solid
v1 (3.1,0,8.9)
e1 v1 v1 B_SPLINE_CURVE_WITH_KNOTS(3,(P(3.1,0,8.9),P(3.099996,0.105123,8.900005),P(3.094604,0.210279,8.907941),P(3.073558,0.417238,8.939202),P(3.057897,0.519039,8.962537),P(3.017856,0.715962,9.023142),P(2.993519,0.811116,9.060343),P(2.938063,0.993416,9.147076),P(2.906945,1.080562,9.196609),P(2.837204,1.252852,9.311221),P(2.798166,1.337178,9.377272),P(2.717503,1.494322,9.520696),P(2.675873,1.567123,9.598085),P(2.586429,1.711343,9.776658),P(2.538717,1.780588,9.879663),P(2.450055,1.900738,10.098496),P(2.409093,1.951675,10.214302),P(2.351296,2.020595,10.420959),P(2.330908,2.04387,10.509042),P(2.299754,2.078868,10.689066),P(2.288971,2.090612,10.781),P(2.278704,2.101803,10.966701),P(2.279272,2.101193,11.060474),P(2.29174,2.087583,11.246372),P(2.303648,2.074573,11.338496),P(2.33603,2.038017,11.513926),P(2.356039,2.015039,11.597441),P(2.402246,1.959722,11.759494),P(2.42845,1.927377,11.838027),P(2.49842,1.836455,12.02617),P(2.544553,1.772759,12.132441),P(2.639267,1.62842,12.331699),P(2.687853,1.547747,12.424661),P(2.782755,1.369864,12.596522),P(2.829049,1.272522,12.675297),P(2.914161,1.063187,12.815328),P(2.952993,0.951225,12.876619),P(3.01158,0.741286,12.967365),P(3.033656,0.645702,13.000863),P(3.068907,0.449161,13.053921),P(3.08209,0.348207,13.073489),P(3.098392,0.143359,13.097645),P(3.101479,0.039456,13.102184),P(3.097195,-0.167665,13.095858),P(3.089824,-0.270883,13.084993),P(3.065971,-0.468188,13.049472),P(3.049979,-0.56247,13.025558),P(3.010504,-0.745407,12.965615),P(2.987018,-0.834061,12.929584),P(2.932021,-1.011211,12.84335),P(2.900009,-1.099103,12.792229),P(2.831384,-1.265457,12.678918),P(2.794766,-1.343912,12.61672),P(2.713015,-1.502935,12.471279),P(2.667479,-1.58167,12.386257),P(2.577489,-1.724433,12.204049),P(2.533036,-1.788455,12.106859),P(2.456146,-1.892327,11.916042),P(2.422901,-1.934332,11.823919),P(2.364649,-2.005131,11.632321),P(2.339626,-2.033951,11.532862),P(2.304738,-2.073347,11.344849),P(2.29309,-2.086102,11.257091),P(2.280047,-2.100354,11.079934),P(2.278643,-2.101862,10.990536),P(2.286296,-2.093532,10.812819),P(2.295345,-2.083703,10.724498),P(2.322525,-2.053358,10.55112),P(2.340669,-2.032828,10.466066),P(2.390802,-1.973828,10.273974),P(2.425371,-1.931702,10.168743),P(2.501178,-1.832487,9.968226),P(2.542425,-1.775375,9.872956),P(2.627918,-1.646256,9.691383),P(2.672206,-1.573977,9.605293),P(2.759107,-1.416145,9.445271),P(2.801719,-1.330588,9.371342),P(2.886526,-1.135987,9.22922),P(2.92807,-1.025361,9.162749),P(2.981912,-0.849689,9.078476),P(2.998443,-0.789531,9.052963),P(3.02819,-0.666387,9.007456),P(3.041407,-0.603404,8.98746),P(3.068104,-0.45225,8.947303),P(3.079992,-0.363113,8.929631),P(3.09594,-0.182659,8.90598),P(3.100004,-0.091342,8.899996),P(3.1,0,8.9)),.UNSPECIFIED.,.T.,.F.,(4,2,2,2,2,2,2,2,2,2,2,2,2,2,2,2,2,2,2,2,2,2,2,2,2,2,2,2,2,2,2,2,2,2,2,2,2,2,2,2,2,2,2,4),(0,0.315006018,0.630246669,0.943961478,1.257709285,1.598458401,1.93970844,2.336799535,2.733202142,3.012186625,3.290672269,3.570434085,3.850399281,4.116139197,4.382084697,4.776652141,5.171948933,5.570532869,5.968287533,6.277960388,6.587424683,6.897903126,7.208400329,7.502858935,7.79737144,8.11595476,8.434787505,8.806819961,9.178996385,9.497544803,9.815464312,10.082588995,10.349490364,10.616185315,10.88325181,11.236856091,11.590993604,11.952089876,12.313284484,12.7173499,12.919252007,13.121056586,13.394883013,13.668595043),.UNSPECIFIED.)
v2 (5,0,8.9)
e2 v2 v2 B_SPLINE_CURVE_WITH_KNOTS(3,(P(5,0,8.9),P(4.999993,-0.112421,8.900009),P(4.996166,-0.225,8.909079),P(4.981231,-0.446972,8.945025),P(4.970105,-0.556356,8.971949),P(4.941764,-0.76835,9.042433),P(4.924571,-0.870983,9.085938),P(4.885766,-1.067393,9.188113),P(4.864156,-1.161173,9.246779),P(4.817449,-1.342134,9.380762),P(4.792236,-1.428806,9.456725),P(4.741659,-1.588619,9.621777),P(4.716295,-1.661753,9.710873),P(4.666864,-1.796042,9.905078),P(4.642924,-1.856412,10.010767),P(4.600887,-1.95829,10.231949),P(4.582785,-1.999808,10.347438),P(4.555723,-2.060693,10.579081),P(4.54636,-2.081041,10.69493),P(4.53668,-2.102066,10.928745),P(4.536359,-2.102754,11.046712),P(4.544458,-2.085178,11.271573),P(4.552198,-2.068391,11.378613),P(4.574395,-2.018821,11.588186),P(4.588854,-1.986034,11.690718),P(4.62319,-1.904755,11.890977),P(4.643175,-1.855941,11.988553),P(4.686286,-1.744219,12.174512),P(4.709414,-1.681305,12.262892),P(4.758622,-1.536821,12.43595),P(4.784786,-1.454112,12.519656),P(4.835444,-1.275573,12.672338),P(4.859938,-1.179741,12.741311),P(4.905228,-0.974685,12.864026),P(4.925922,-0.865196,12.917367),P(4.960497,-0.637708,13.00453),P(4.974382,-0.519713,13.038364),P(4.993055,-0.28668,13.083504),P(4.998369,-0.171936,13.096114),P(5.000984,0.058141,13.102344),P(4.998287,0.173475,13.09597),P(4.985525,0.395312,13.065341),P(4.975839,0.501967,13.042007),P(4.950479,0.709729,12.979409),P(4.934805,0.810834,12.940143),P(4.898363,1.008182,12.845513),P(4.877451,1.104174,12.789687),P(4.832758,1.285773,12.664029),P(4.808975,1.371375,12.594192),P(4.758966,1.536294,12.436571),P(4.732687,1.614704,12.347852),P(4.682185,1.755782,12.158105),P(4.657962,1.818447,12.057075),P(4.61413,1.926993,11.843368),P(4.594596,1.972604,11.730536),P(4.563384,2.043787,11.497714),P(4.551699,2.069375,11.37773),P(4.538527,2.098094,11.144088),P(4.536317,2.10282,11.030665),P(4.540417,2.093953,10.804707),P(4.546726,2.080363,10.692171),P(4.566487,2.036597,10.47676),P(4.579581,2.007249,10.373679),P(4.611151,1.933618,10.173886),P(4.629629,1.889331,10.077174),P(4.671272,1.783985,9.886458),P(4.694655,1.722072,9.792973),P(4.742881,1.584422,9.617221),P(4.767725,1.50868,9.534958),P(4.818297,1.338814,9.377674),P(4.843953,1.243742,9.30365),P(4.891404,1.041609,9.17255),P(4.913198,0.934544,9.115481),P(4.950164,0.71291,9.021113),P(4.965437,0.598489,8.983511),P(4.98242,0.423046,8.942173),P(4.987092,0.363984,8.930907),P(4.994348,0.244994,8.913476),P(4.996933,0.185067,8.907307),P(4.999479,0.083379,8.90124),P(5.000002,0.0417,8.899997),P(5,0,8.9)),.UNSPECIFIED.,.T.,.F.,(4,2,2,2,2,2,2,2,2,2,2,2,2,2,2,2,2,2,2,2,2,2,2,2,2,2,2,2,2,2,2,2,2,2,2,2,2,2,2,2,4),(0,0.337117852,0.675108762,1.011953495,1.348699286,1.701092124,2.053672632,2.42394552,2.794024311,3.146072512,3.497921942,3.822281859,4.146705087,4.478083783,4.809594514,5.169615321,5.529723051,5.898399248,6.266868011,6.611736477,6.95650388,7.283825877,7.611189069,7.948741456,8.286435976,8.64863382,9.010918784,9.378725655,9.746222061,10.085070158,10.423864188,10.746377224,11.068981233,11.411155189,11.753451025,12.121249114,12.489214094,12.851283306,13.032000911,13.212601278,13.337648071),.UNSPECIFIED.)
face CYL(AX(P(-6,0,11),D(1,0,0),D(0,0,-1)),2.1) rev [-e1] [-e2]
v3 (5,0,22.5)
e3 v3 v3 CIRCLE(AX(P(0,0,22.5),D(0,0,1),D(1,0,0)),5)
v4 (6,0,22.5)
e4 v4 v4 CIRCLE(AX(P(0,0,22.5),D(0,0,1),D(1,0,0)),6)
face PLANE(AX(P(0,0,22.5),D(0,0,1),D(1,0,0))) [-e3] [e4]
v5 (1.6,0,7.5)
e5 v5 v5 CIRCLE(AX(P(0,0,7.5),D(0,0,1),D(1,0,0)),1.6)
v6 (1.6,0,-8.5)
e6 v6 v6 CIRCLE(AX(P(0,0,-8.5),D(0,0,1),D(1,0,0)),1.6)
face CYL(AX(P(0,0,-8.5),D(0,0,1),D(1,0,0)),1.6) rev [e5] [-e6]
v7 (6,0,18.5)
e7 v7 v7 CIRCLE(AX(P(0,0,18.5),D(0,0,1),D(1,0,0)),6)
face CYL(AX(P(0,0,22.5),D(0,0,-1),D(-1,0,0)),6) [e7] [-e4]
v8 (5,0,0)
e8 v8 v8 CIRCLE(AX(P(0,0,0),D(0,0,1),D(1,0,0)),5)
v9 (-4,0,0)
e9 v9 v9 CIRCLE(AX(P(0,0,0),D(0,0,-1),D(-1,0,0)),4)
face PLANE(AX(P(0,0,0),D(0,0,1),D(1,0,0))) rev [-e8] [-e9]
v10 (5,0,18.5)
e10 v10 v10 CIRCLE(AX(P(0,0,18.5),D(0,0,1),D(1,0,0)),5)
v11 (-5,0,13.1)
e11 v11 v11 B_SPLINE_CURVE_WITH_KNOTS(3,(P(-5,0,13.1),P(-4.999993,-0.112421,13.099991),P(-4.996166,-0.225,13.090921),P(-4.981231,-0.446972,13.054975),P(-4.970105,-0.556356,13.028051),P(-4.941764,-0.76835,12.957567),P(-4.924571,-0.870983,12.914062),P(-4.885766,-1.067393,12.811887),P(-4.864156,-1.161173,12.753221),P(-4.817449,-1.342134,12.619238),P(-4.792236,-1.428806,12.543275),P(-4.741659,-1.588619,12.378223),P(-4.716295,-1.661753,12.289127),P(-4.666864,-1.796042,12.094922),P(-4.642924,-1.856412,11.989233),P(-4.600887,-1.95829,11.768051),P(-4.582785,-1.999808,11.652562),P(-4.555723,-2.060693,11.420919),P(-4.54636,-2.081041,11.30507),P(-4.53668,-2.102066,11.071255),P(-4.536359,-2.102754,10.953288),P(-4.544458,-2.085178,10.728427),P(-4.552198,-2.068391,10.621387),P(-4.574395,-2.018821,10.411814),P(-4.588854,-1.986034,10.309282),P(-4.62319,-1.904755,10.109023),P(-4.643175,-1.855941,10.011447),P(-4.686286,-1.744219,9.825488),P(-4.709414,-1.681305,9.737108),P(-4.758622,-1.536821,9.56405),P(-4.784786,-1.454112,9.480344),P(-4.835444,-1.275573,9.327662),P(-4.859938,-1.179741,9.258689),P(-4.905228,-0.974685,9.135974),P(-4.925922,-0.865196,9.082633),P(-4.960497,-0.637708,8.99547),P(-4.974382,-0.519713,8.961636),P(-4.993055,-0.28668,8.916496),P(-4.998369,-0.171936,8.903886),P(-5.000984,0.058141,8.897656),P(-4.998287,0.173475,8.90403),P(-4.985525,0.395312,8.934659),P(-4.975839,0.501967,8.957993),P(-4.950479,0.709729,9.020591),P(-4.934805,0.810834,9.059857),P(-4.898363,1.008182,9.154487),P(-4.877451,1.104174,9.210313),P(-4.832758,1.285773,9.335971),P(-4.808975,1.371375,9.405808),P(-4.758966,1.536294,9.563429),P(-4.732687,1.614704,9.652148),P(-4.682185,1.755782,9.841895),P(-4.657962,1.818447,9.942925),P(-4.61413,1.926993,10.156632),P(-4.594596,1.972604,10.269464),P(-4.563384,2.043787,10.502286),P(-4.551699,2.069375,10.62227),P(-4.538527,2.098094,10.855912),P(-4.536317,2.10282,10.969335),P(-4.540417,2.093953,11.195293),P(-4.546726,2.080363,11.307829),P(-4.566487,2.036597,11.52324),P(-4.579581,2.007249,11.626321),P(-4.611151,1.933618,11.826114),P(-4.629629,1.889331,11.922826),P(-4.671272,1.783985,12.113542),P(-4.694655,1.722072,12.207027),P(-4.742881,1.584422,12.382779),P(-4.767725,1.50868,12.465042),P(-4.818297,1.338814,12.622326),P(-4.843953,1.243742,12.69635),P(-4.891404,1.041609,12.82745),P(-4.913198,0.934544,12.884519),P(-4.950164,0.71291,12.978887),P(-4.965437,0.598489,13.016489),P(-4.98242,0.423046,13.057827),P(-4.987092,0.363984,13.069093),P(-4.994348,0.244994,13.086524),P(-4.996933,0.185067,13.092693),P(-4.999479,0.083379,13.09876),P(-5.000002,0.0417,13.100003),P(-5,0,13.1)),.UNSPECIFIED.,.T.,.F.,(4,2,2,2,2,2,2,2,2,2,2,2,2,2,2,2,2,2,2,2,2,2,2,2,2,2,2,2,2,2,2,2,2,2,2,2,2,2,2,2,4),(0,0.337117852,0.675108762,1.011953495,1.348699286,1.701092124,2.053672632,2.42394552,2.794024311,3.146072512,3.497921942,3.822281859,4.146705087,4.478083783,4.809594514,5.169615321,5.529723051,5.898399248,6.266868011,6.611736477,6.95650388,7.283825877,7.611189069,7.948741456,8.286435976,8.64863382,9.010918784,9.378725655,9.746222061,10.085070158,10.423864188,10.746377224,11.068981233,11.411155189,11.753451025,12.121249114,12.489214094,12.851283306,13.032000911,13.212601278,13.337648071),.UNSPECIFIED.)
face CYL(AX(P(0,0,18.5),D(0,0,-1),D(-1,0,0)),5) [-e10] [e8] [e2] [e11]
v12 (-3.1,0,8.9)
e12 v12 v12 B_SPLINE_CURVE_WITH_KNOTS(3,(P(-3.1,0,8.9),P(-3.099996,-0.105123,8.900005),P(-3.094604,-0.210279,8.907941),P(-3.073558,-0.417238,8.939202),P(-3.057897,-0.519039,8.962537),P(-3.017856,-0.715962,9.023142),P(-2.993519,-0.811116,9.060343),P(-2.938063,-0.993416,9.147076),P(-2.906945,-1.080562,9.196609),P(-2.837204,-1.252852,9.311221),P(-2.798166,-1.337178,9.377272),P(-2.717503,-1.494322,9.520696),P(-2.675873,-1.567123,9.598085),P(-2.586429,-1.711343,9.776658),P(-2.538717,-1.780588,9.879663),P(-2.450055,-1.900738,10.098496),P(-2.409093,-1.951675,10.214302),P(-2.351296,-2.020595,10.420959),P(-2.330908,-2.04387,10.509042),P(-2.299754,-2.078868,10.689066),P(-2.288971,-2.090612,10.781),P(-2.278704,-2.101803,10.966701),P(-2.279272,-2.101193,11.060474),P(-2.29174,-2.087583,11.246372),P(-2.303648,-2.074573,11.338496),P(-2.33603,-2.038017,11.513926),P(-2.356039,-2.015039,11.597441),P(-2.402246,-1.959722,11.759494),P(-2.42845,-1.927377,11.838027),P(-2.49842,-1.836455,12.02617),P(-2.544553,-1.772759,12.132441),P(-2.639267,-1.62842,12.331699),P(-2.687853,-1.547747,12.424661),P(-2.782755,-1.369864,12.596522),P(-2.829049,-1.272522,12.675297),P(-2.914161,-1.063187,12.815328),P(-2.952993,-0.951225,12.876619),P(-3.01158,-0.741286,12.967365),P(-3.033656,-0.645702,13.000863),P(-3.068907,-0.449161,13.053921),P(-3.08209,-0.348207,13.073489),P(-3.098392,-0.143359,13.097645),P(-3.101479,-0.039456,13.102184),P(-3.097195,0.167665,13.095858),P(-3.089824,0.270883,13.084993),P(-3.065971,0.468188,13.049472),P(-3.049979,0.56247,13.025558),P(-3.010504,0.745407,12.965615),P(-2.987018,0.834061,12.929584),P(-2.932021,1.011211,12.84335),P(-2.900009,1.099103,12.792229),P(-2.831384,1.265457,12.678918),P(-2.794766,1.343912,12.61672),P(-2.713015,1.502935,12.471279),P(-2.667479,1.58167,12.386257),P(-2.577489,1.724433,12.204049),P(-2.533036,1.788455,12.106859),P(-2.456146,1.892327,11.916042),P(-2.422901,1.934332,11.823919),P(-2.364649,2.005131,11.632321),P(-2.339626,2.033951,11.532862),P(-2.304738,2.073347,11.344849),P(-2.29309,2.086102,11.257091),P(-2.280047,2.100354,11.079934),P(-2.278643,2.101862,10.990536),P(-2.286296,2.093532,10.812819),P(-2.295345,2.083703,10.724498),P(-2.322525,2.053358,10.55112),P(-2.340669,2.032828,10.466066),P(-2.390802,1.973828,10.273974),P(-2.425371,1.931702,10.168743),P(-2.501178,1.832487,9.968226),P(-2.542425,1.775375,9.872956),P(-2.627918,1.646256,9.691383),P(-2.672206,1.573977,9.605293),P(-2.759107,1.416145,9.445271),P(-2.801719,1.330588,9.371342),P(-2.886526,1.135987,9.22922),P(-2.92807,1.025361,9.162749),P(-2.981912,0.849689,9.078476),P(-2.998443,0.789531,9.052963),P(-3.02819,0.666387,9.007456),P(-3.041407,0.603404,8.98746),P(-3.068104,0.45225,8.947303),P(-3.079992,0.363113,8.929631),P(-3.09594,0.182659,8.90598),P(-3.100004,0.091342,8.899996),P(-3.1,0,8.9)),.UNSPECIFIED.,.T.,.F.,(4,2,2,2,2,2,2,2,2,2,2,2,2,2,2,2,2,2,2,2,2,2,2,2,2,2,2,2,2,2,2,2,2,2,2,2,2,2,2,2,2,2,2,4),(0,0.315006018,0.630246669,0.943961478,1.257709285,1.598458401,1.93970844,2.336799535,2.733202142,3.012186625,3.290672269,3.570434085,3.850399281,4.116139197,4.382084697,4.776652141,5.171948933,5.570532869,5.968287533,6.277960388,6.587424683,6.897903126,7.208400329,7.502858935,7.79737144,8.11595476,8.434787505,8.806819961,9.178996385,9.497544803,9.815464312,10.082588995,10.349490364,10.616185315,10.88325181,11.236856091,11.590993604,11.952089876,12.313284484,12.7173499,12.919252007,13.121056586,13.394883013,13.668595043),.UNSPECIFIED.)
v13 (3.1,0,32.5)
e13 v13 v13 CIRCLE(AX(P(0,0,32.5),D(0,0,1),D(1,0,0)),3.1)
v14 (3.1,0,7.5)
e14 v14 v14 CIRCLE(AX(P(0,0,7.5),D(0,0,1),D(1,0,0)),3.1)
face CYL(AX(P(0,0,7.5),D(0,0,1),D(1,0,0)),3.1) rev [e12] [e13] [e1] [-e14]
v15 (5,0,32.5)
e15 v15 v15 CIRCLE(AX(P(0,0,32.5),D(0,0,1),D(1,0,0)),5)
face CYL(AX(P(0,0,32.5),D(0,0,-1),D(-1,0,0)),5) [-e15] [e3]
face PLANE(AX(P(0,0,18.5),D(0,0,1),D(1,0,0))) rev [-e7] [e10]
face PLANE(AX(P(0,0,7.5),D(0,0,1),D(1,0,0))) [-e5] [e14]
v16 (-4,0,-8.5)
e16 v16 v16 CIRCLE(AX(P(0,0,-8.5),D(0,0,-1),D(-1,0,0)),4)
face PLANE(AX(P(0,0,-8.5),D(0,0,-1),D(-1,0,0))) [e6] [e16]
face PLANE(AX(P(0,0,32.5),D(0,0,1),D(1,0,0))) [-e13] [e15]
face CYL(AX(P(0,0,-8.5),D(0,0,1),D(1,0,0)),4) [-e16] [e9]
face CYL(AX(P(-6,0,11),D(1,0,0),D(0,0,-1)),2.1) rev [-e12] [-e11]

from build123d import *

# Parameters (mm, degrees)
SKETCH_1_R               = 5
EXTRUDE_1_DEPTH          = 18.5
SKETCH_2_R               = 6
EXTRUDE_2_DEPTH          = 4
SKETCH_3_R               = 5
EXTRUDE_3_DEPTH          = 10
SKETCH_5_R               = 3.1
CUT_EXTRUDE_2_DEPTH      = 25
CUT_EXTRUDE_3_DEPTH      = 34.589432862
CUT_EXTRUDE_3_DEPTH_BACK = 34.589432862
SKETCH_6_R               = 2.1
SKETCH_7_R               = 4
EXTRUDE_4_DEPTH          = 8.5
SKETCH_4_R               = 1.6
CUT_EXTRUDE_1_DEPTH      = 42.868842831


with BuildPart() as part:
    # ｽｹｯﾁ1 → ﾎﾞｽ - 押し出し1 (new body)
    with BuildSketch(Plane.XY):
        Circle(SKETCH_1_R)
    extrude(amount=EXTRUDE_1_DEPTH)

    # ｽｹｯﾁ2 → ﾎﾞｽ - 押し出し2 (add)
    with BuildSketch(Plane.XY.offset(18.5)):
        Circle(SKETCH_2_R)
    extrude(amount=EXTRUDE_2_DEPTH)

    # ｽｹｯﾁ3 → ﾎﾞｽ - 押し出し3 (add)
    with BuildSketch(Plane.XY.offset(22.5)):
        Circle(SKETCH_3_R)
    extrude(amount=EXTRUDE_3_DEPTH)

    # ｽｹｯﾁ5 → ｶｯﾄ - 押し出し2 (cut)
    with BuildSketch(Plane.XY.offset(32.5)):
        Circle(SKETCH_5_R)
    extrude(amount=-CUT_EXTRUDE_2_DEPTH, mode=Mode.SUBTRACT)

    # ｽｹｯﾁ6 → ｶｯﾄ - 押し出し3 (cut, two sides: drawn at the far end of the back side and taken through both)
    with BuildSketch(Plane(origin=(0, 0, 0), x_dir=(0, 0, -1), z_dir=(1, 0, 0)).offset(-CUT_EXTRUDE_3_DEPTH_BACK)):
        with Locations((-11, 0)):
            Circle(SKETCH_6_R)
    extrude(amount=CUT_EXTRUDE_3_DEPTH + CUT_EXTRUDE_3_DEPTH_BACK, mode=Mode.SUBTRACT)

    # ｽｹｯﾁ7 → ﾎﾞｽ - 押し出し4 (add)
    with BuildSketch(Plane(origin=(0, 0, 0), x_dir=(-1, 0, 0), z_dir=(0, 0, -1))):
        Circle(SKETCH_7_R)
    extrude(amount=EXTRUDE_4_DEPTH)

    # ｽｹｯﾁ4 → ｶｯﾄ - 押し出し1 (cut, through all)
    with BuildSketch(Plane.XY.offset(32.5)):
        Circle(SKETCH_4_R)
    extrude(amount=-CUT_EXTRUDE_1_DEPTH, mode=Mode.SUBTRACT)


solid = part.part
